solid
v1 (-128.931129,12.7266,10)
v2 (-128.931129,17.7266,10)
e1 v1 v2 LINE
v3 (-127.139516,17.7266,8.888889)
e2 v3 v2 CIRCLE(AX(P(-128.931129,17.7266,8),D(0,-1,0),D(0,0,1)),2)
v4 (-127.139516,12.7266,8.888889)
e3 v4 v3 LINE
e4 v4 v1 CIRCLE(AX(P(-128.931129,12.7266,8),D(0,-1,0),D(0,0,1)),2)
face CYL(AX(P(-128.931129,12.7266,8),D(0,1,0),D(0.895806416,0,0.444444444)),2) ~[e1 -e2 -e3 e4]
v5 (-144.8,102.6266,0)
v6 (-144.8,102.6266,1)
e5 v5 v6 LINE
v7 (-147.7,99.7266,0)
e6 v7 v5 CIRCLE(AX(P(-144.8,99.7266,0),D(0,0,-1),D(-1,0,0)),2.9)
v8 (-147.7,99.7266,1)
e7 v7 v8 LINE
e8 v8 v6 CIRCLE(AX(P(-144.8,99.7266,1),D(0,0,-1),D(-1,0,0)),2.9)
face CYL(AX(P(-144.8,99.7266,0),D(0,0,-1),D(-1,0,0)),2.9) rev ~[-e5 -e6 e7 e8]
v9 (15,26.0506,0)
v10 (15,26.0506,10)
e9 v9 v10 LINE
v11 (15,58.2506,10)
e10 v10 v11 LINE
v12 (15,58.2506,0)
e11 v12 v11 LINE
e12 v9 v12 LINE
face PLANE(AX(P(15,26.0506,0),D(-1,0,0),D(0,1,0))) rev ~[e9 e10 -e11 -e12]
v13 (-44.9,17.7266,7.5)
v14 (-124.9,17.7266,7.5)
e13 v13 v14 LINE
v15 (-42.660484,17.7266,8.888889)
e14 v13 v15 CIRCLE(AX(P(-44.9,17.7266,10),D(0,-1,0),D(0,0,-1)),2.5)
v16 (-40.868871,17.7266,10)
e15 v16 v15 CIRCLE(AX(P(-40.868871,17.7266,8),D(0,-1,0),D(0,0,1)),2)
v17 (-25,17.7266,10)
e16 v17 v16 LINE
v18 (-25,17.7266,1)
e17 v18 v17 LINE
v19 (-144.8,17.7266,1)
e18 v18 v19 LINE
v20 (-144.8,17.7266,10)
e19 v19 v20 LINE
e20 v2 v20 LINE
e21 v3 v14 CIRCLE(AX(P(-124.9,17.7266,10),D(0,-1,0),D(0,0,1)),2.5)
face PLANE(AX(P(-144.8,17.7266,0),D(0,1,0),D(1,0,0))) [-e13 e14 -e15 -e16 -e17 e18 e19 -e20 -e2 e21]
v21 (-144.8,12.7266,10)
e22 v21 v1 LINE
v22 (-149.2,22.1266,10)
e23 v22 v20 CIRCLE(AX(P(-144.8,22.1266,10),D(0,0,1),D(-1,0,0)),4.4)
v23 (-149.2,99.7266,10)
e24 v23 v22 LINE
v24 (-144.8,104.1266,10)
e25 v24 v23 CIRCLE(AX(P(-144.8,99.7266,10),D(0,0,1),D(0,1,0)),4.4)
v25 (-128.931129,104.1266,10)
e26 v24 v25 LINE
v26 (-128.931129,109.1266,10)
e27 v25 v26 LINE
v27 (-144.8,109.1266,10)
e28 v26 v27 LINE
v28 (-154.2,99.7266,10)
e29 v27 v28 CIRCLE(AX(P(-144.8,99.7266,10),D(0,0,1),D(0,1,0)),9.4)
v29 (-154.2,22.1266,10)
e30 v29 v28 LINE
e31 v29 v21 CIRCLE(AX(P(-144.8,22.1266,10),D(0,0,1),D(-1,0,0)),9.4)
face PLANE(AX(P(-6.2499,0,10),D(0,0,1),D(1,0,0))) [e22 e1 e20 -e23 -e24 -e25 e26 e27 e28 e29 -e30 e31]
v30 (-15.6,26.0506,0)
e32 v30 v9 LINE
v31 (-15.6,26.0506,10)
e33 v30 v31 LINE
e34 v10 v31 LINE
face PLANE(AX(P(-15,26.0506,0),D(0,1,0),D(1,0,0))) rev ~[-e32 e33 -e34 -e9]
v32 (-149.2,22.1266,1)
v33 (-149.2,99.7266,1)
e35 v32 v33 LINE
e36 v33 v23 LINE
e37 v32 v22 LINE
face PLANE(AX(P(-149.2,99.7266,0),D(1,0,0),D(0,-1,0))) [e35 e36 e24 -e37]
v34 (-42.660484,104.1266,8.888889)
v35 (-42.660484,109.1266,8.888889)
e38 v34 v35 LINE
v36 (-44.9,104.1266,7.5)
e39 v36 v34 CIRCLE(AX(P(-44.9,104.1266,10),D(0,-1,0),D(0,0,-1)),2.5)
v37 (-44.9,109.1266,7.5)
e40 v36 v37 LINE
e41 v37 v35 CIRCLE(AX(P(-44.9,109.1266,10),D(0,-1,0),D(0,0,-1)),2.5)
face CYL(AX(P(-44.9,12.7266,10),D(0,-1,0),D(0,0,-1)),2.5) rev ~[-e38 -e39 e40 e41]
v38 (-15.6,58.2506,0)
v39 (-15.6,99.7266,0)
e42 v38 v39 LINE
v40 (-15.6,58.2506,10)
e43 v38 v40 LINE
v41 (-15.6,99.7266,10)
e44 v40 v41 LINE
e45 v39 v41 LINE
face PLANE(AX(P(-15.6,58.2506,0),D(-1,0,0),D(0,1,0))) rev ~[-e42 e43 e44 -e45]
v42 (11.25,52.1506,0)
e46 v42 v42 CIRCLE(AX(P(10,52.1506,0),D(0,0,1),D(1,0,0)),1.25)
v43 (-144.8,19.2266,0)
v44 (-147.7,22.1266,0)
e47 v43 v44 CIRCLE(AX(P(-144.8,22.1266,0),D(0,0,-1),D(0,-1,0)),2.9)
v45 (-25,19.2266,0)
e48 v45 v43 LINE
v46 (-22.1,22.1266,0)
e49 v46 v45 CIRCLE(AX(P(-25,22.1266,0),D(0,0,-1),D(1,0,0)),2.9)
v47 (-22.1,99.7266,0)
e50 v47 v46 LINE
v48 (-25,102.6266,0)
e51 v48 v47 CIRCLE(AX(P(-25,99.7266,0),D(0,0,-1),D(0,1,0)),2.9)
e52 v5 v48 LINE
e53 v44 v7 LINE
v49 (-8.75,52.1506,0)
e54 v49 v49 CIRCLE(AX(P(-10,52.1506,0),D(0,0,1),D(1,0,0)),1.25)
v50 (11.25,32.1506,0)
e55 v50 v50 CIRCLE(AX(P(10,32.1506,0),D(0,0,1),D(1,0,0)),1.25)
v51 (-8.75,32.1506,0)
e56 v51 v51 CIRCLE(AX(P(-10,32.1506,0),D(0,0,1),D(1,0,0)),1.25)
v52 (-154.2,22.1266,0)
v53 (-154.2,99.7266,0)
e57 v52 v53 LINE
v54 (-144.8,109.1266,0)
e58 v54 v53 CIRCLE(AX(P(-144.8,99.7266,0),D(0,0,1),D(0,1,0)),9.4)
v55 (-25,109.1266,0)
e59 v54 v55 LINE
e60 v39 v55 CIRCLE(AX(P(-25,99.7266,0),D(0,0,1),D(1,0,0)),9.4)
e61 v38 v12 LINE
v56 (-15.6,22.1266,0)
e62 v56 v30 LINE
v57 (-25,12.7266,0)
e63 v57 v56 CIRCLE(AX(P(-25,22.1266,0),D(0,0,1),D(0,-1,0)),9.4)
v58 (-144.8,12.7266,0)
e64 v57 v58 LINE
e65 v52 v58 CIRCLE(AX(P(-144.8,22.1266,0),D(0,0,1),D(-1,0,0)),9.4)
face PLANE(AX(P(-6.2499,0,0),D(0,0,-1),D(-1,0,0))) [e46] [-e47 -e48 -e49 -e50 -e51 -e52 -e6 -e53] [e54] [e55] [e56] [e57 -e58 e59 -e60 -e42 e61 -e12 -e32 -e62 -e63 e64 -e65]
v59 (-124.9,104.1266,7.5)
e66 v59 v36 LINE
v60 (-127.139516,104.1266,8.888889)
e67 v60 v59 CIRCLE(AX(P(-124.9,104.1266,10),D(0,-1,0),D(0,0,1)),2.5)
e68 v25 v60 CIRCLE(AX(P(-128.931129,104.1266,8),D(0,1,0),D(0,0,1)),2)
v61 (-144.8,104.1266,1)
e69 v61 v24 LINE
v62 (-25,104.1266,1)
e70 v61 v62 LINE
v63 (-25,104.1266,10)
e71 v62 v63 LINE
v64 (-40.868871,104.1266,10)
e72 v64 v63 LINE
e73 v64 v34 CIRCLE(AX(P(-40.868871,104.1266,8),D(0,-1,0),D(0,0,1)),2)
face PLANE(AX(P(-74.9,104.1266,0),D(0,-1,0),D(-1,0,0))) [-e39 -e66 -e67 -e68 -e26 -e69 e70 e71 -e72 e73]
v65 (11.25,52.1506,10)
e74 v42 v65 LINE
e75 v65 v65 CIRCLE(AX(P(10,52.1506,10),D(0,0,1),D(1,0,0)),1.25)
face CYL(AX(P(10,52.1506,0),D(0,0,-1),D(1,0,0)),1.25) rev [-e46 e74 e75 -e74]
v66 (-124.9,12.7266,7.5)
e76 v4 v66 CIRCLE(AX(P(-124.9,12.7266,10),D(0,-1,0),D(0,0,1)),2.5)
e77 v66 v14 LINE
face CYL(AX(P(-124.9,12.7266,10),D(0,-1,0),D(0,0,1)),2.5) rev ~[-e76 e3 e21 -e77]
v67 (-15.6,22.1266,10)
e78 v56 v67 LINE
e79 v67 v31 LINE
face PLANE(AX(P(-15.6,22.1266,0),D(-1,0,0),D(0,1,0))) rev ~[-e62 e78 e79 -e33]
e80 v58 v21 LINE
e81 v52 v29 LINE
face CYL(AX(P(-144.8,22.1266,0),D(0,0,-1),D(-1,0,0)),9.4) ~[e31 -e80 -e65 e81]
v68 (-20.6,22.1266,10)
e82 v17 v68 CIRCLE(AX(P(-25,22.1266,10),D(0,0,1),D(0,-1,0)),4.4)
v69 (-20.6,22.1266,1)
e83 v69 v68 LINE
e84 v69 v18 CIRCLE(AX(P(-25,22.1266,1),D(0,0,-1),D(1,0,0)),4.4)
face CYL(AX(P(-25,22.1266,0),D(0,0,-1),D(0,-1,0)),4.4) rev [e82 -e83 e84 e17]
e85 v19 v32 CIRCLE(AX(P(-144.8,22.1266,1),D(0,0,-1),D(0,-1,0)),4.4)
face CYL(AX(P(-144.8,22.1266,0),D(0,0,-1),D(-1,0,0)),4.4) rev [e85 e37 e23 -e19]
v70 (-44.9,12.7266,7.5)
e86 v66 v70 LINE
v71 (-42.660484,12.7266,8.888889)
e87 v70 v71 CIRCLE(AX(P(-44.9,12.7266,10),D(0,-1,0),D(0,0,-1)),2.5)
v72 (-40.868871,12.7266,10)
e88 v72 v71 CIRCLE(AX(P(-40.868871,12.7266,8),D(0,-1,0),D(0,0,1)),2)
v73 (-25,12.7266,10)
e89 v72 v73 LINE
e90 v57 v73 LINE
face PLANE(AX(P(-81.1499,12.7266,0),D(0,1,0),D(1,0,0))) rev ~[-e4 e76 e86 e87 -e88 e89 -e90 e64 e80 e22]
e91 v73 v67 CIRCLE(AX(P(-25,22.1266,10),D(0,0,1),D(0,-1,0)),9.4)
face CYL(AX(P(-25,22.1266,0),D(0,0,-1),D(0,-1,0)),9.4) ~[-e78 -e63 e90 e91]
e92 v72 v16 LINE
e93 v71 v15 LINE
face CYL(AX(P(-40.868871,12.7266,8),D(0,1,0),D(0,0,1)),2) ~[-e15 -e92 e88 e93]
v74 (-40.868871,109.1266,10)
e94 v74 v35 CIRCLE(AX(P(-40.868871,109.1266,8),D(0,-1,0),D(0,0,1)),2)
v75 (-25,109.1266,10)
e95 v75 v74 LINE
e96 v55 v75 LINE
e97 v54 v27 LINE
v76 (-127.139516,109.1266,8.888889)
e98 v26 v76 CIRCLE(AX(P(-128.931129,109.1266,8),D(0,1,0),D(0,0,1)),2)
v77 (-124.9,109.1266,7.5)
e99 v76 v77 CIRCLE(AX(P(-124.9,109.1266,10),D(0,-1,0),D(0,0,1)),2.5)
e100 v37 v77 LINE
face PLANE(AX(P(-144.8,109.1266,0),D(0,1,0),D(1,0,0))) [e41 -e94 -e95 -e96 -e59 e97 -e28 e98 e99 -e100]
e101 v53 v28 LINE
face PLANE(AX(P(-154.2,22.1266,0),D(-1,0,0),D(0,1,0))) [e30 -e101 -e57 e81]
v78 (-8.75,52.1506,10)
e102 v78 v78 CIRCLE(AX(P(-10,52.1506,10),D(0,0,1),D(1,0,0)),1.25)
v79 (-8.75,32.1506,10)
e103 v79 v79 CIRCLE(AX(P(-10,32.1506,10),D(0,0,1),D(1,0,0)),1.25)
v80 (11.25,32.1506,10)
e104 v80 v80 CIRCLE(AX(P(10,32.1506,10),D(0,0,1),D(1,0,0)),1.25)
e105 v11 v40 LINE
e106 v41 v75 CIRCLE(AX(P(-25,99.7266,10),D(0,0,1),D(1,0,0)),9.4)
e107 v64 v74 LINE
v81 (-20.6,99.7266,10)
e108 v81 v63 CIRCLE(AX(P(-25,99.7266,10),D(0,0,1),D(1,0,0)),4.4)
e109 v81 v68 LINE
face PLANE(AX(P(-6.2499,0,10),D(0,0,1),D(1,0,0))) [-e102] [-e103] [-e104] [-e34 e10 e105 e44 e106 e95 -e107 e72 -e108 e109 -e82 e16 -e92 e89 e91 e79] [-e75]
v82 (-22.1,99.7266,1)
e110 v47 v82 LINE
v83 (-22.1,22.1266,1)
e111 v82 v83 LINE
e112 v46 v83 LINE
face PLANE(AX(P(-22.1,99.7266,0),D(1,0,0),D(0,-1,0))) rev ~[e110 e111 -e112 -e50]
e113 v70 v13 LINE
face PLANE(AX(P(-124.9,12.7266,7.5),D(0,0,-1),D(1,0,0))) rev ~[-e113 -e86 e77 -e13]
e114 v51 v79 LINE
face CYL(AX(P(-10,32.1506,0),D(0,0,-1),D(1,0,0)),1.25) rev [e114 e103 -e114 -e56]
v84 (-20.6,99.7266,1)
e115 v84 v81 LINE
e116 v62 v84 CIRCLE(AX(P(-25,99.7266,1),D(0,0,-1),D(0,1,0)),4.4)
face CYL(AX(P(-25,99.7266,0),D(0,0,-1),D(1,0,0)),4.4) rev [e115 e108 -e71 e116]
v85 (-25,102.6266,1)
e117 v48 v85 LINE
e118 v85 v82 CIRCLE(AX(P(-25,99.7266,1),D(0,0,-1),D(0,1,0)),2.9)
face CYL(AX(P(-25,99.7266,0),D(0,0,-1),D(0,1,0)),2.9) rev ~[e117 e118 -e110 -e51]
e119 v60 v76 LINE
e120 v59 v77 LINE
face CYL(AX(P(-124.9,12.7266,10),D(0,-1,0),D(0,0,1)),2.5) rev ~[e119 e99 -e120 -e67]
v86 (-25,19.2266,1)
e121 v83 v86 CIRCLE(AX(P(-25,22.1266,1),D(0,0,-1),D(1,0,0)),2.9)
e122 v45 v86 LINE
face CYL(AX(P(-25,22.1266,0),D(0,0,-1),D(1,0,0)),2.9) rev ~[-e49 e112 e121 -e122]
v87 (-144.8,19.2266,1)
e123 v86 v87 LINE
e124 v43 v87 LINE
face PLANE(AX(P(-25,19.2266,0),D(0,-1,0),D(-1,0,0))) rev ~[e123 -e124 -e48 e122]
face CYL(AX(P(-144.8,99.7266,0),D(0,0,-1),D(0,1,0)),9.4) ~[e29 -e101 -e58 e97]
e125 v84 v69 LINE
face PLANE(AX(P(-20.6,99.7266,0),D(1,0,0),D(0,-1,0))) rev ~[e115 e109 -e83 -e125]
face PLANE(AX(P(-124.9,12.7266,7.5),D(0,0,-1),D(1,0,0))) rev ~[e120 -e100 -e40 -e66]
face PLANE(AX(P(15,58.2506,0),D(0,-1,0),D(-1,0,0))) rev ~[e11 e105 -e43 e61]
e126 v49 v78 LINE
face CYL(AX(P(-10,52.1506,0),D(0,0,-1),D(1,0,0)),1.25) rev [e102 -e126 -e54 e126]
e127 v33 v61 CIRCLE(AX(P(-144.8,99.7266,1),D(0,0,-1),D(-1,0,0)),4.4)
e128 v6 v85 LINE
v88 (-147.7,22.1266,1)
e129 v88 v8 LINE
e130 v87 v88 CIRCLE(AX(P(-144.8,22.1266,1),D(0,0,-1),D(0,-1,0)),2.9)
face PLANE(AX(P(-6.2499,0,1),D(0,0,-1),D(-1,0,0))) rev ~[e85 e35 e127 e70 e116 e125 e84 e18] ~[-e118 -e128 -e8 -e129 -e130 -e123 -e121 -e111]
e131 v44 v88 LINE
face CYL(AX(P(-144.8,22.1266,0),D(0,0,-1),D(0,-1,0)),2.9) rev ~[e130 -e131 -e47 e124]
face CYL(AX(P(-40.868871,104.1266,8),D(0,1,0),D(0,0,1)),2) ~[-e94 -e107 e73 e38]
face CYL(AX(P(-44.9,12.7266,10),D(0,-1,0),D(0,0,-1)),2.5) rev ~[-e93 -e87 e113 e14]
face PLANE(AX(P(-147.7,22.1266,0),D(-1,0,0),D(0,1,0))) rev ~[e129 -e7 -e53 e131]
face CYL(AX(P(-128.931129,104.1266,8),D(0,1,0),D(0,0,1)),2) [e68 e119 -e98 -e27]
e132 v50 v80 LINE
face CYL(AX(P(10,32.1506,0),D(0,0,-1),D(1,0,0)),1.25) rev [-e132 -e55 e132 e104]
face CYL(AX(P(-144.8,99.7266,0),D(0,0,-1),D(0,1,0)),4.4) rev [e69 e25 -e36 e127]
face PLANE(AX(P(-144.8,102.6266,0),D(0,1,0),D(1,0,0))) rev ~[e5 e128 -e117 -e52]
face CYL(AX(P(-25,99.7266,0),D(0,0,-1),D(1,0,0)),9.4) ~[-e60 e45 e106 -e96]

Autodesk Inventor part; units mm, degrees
ref_plane "YZ Plane" through (0, 0, 0) normal (1, 0, 0) x (0, 1, 0)
ref_plane "XZ Plane" through (0, 0, 0) normal (0, 1, 0) x (-1, 0, 0)
ref_plane "XY Plane" through (0, 0, 0) normal (0, 0, 1) x (1, 0, 0)
ref_plane "Arbeitsebene1" through (-6.2499, 0, 0) normal (0, 0, 1) x (1, 0, 0)
sketch "Skizze1" plane through (-6.2499, 0, 0) normal (0, 0, 1) x (1, 0, 0)
  line L0 (21.2499, 26.0506) -> (21.2499, 58.2506)
  line L1 (21.2499, 58.2506) -> (-8.7501, 58.2506)
  line L2 (-8.7501, 58.2506) -> (-8.7501, 26.0506)
  line L3 (-8.7501, 26.0506) -> (21.2499, 26.0506)
  circle A0 centre (16.2499, 32.1506) radius 1.25
  circle A1 centre (-3.7501, 32.1506) radius 1.25
  circle A2 centre (-3.7501, 52.1506) radius 1.25
  circle A3 centre (16.2499, 52.1506) radius 1.25
  circle A4 centre (13.7499, 38.0506) radius 3.25
  circle A5 centre (13.7499, 46.2506) radius 3.25
  circle A6 centre (-1.2501, 38.0506) radius 3.25
  circle A7 centre (-1.2501, 46.2506) radius 3.25
  line L4 (-67.7501, 103.2266) -> (-67.7501, 101.9266) construction
  line L5 (-18.7501, 103.2266) -> (-67.7501, 103.2266) construction
  arc A8 (-15.2501, 99.7266) -> (-18.7501, 103.2266) centre (-18.7501, 99.7266) ccw construction
  line L6 (-15.2501, 22.1266) -> (-15.2501, 99.7266) construction
  arc A9 (-18.7501, 18.6266) -> (-15.2501, 22.1266) centre (-18.7501, 22.1266) ccw construction
  line L7 (-67.7501, 18.6266) -> (-18.7501, 18.6266) construction
  line L8 (-67.7501, 19.9266) -> (-67.7501, 18.6266) construction
  line L9 (-23.4028, 19.9266) -> (-67.7501, 19.9266) construction
  arc A10 (-23.4028, 19.9266) -> (-21.8472, 20.571) centre (-23.4028, 22.1266) ccw construction
  line L10 (-17.1945, 25.2237) -> (-21.8472, 20.571) construction
  arc A11 (-17.1945, 25.2237) -> (-16.5501, 26.7793) centre (-18.7501, 26.7793) ccw construction
  line L11 (-16.5501, 95.0739) -> (-16.5501, 26.7793) construction
  arc A12 (-16.5501, 95.0739) -> (-17.1945, 96.6296) centre (-18.7501, 95.0739) ccw construction
  line L12 (-21.8472, 101.2823) -> (-17.1945, 96.6296) construction
  arc A13 (-21.8472, 101.2823) -> (-23.4028, 101.9266) centre (-23.4028, 99.7266) ccw construction
  line L13 (-67.7501, 101.9266) -> (-23.4028, 101.9266) construction
  arc A14 (-18.7501, 18.2266) -> (-14.8501, 22.1266) centre (-18.7501, 22.1266) ccw construction
  line L14 (-14.8501, 22.1266) -> (-14.8501, 99.7266) construction
  line L15 (-18.7501, 103.6266) -> (-68.1501, 103.6266) construction
  line L16 (-68.1501, 103.6266) -> (-68.1501, 101.5266) construction
  line L17 (-68.1501, 101.5266) -> (-23.4028, 101.5266) construction
  arc A15 (-22.13, 100.9994) -> (-23.4028, 101.5266) centre (-23.4028, 99.7266) ccw construction
  line L18 (-22.13, 100.9994) -> (-17.4773, 96.3467) construction
  arc A16 (-16.9501, 95.0739) -> (-17.4773, 96.3467) centre (-18.7501, 95.0739) ccw construction
  line L19 (-16.9501, 95.0739) -> (-16.9501, 26.7793) construction
  arc A17 (-17.4773, 25.5065) -> (-16.9501, 26.7793) centre (-18.7501, 26.7793) ccw construction
  line L20 (-17.4773, 25.5065) -> (-22.13, 20.8538) construction
  arc A18 (-23.4028, 20.3266) -> (-22.13, 20.8538) centre (-23.4028, 22.1266) ccw construction
  line L21 (-23.4028, 20.3266) -> (-68.1501, 20.3266) construction
  line L22 (-68.1501, 20.3266) -> (-68.1501, 18.2266) construction
  line L23 (-68.1501, 18.2266) -> (-18.7501, 18.2266) construction
  arc A19 (-18.7501, 18.2266) -> (-14.8501, 22.1266) centre (-18.7501, 22.1266) ccw construction
  line L24 (-14.8501, 22.1266) -> (-14.8501, 99.7266) construction
  arc A20 (-14.8501, 99.7266) -> (-18.7501, 103.6266) centre (-18.7501, 99.7266) ccw construction
  line L25 (-89.5501, 101.9266) -> (-89.5501, 103.2266) construction
  line L26 (-138.8501, 101.9266) -> (-89.5501, 101.9266) construction
  arc A21 (-138.8501, 101.9266) -> (-140.7501, 100.0266) centre (-138.8501, 100.0266) ccw construction
  line L27 (-140.7501, 21.8266) -> (-140.7501, 100.0266) construction
  arc A22 (-140.7501, 21.8266) -> (-138.8501, 19.9266) centre (-138.8501, 21.8266) ccw construction
  line L28 (-89.5501, 19.9266) -> (-138.8501, 19.9266) construction
  line L29 (-89.5501, 18.6266) -> (-89.5501, 19.9266) construction
  line L30 (-138.5501, 18.6266) -> (-89.5501, 18.6266) construction
  arc A23 (-142.0501, 22.1266) -> (-138.5501, 18.6266) centre (-138.5501, 22.1266) ccw construction
  line L31 (-142.0501, 99.7266) -> (-142.0501, 22.1266) construction
  arc A24 (-138.5501, 103.2266) -> (-142.0501, 99.7266) centre (-138.5501, 99.7266) ccw construction
  line L32 (-89.5501, 103.2266) -> (-138.5501, 103.2266) construction
  arc A25 (-138.5501, 103.6266) -> (-142.4501, 99.7266) centre (-138.5501, 99.7266) ccw construction
  line L33 (-142.4501, 99.7266) -> (-142.4501, 22.1266) construction
  arc A26 (-142.4501, 22.1266) -> (-138.5501, 18.2266) centre (-138.5501, 22.1266) ccw construction
  line L34 (-138.5501, 18.2266) -> (-89.1501, 18.2266) construction
  line L35 (-89.1501, 18.2266) -> (-89.1501, 20.3266) construction
  line L36 (-89.1501, 20.3266) -> (-138.8501, 20.3266) construction
  arc A27 (-140.3501, 21.8266) -> (-138.8501, 20.3266) centre (-138.8501, 21.8266) ccw construction
  line L37 (-140.3501, 21.8266) -> (-140.3501, 100.0266) construction
  arc A28 (-138.8501, 101.5266) -> (-140.3501, 100.0266) centre (-138.8501, 100.0266) ccw construction
  line L38 (-138.8501, 101.5266) -> (-89.1501, 101.5266) construction
  line L39 (-89.1501, 101.5266) -> (-89.1501, 103.6266) construction
  line L40 (-89.1501, 103.6266) -> (-138.5501, 103.6266) construction
  line L41 (-68.6501, 104.1266) -> (-18.7501, 104.1266)
  arc A29 (-14.3501, 99.7266) -> (-18.7501, 104.1266) centre (-18.7501, 99.7266) ccw
  line L42 (-14.3501, 99.7266) -> (-14.3501, 22.1266)
  arc A30 (-18.7501, 17.7266) -> (-14.3501, 22.1266) centre (-18.7501, 22.1266) ccw
  line L43 (-18.7501, 17.7266) -> (-68.6501, 17.7266)
  line L44 (-68.6501, 17.7266) -> (-68.6501, 20.8266)
  line L45 (-68.6501, 20.8266) -> (-23.4028, 20.8266)
  arc A31 (-23.4028, 20.8266) -> (-22.4836, 21.2074) centre (-23.4028, 22.1266) ccw
  line L46 (-22.4836, 21.2074) -> (-17.8309, 25.8601)
  arc A32 (-17.8309, 25.8601) -> (-17.4501, 26.7793) centre (-18.7501, 26.7793) ccw
  line L47 (-17.4501, 26.7793) -> (-17.4501, 95.0739)
  arc A33 (-17.4501, 95.0739) -> (-17.8309, 95.9932) centre (-18.7501, 95.0739) ccw
  line L48 (-17.8309, 95.9932) -> (-22.4836, 100.6459)
  arc A34 (-22.4836, 100.6459) -> (-23.4028, 101.0266) centre (-23.4028, 99.7266) ccw
  line L49 (-23.4028, 101.0266) -> (-68.6501, 101.0266)
  line L50 (-68.6501, 101.0266) -> (-68.6501, 104.1266)
  arc A35 (-138.5501, 104.1266) -> (-142.9501, 99.7266) centre (-138.5501, 99.7266) ccw
  line L51 (-142.9501, 99.7266) -> (-142.9501, 22.1266)
  arc A36 (-142.9501, 22.1266) -> (-138.5501, 17.7266) centre (-138.5501, 22.1266) ccw
  line L52 (-138.5501, 17.7266) -> (-88.6501, 17.7266)
  line L53 (-88.6501, 17.7266) -> (-88.6501, 20.8266)
  line L54 (-88.6501, 20.8266) -> (-138.8501, 20.8266)
  arc A37 (-139.8501, 21.8266) -> (-138.8501, 20.8266) centre (-138.8501, 21.8266) ccw
  line L55 (-139.8501, 21.8266) -> (-139.8501, 100.0266)
  arc A38 (-138.8501, 101.0266) -> (-139.8501, 100.0266) centre (-138.8501, 100.0266) ccw
  line L56 (-138.8501, 101.0266) -> (-88.6501, 101.0266)
  line L57 (-88.6501, 101.0266) -> (-88.6501, 104.1266)
  line L58 (-88.6501, 104.1266) -> (-138.5501, 104.1266)
  line L59 (-68.6501, 104.1266) -> (-88.6501, 104.1266)
  line L60 (-88.6501, 17.7266) -> (-68.6501, 17.7266)
  line L61 (-94.9, 12.7266) -> (-138.5501, 12.7266)
  arc A39 (-147.9501, 22.1266) -> (-138.5501, 12.7266) centre (-138.5501, 22.1266) ccw
  line L62 (-147.9501, 22.1266) -> (-147.9501, 99.7266)
  arc A40 (-138.5501, 109.1266) -> (-147.9501, 99.7266) centre (-138.5501, 99.7266) ccw
  line L63 (-138.5501, 109.1266) -> (-94.9, 109.1266)
  line L64 (-74.9, 12.7266) -> (-18.7501, 12.7266)
  arc A41 (-18.7501, 12.7266) -> (-9.3501, 22.1266) centre (-18.7501, 22.1266) ccw
  line L65 (-9.3501, 22.1266) -> (-9.3501, 99.7266)
  arc A42 (-9.3501, 99.7266) -> (-18.7501, 109.1266) centre (-18.7501, 99.7266) ccw
  line L66 (-18.7501, 109.1266) -> (-74.9, 109.1266)
  line L67 (-94.9, 12.7266) -> (-74.9, 12.7266)
  line L68 (-74.9, 109.1266) -> (-94.9, 109.1266)
  line L69 (-8.7501, 58.2506) -> (-9.3501, 58.2506)
  line L70 (-8.7501, 26.0506) -> (-9.3501, 26.0506)
  point P0 (6.2499, 0)
  point P1 (-12.4751, 58.2506)
  point P2 (-12.4751, 26.0506)
  point P3 (-12.4751, 26.0506)
  dimension "d0" = 0
  dimension "d1" = 0
  dimension "d2" = 0.5
  dimension "d3" = 0.5
  dimension "d4" = 5
  dimension "d5" = 5
extrude "Extrusion1" add sketch "Skizze1" along normal blind 10 contours L3 L2 L1 L0 | L70 L65 L69 L2 | L65 A41 L64 L67 L61 A39 L62 A40 L63 L68 L66 A42 | A4 | A5 | A6 | A7
sketch "Skizze3" plane through (-6.2499, 0, 0) normal (0, 0, -1) x (-1, 0, 0)
  line L0 (9.3501, 26.0506) -> (-21.2499, 26.0506)
  line L1 (9.3501, 22.1266) -> (9.3501, 26.0506)
  arc A0 (9.3501, 22.1266) -> (18.7501, 12.7266) centre (18.7501, 22.1266) ccw
  line L2 (138.5501, 12.7266) -> (18.7501, 12.7266)
  arc A1 (138.5501, 12.7266) -> (147.9501, 22.1266) centre (138.5501, 22.1266) ccw
  line L3 (147.9501, 99.7266) -> (147.9501, 22.1266)
  arc A2 (147.9501, 99.7266) -> (138.5501, 109.1266) centre (138.5501, 99.7266) ccw
  line L4 (18.7501, 109.1266) -> (138.5501, 109.1266)
  arc A3 (18.7501, 109.1266) -> (9.3501, 99.7266) centre (18.7501, 99.7266) ccw
  line L5 (9.3501, 58.2506) -> (9.3501, 99.7266)
  line L6 (-21.2499, 58.2506) -> (9.3501, 58.2506)
  line L7 (-21.2499, 26.0506) -> (-21.2499, 58.2506)
  circle A4 centre (-16.2499, 32.1506) radius 1.25
  circle A5 centre (3.7501, 32.1506) radius 1.25
  circle A6 centre (3.7501, 52.1506) radius 1.25
  circle A7 centre (-16.2499, 52.1506) radius 1.25
  line L8 (18.7501, 17.7266) -> (138.5501, 17.7266)
  arc A8 (14.3501, 22.1266) -> (18.7501, 17.7266) centre (18.7501, 22.1266) ccw
  line L9 (14.3501, 99.7266) -> (14.3501, 22.1266)
  arc A9 (18.7501, 104.1266) -> (14.3501, 99.7266) centre (18.7501, 99.7266) ccw
  line L10 (138.5501, 104.1266) -> (18.7501, 104.1266)
  arc A10 (142.9501, 99.7266) -> (138.5501, 104.1266) centre (138.5501, 99.7266) ccw
  line L11 (142.9501, 22.1266) -> (142.9501, 99.7266)
  arc A11 (138.5501, 17.7266) -> (142.9501, 22.1266) centre (138.5501, 22.1266) ccw
  arc A12 (141.4501, 99.7266) -> (138.5501, 102.6266) centre (138.5501, 99.7266) ccw
  line L12 (138.5501, 102.6266) -> (18.7501, 102.6266)
  arc A13 (18.7501, 102.6266) -> (15.8501, 99.7266) centre (18.7501, 99.7266) ccw
  line L13 (15.8501, 99.7266) -> (15.8501, 22.1266)
  arc A14 (15.8501, 22.1266) -> (18.7501, 19.2266) centre (18.7501, 22.1266) ccw
  line L14 (18.7501, 19.2266) -> (138.5501, 19.2266)
  arc A15 (138.5501, 19.2266) -> (141.4501, 22.1266) centre (138.5501, 22.1266) ccw
  line L15 (141.4501, 22.1266) -> (141.4501, 99.7266)
  point P0 (-6.2499, 0)
  dimension "d11" = 1.5
extrude "Extrusion3" add sketch "Skizze3" against normal blind 1 contours A8 L9 A9 L10 A10 L11 A11 L8
sketch "Skizze4" plane through (-144.8, 12.7266, 0) normal (0, -1, 0) x (1, 0, 0)
  line L0 (0, 10) -> (119.8, 10)
  line L1 (19.9, 10) -> (99.9, 10) construction
  line L2 (0, 10) -> (119.8, 10)
  line L3 (19.9, 7.5) -> (99.9, 7.5)
  line L4 (99.9, 12.5) -> (19.9, 12.5)
  arc A0 (19.9, 12.5) -> (19.9, 7.5) centre (19.9, 10) ccw
  arc A1 (99.9, 7.5) -> (99.9, 12.5) centre (99.9, 10) ccw
  point P0 (144.8, 0)
  point P1 (59.9, 10)
  point P2 (102.4, 10)
  point P3 (17.4, 10)
  dimension "d14" = 40
  dimension "d18" = 5
extrude "Extrusion4" cut sketch "Skizze4" against normal through all contours L0 A1 L3 A0
fillet "Rundung1" radius 2 4 edges at (-127.4, 15.2266, 10) (-127.4, 106.6266, 10) (-42.4, 106.6266, 10) (-42.4, 15.2266, 10)
properties part number "20_Cube_Insert_Linear_Stage_NEMA11_china_wellplatemount"
